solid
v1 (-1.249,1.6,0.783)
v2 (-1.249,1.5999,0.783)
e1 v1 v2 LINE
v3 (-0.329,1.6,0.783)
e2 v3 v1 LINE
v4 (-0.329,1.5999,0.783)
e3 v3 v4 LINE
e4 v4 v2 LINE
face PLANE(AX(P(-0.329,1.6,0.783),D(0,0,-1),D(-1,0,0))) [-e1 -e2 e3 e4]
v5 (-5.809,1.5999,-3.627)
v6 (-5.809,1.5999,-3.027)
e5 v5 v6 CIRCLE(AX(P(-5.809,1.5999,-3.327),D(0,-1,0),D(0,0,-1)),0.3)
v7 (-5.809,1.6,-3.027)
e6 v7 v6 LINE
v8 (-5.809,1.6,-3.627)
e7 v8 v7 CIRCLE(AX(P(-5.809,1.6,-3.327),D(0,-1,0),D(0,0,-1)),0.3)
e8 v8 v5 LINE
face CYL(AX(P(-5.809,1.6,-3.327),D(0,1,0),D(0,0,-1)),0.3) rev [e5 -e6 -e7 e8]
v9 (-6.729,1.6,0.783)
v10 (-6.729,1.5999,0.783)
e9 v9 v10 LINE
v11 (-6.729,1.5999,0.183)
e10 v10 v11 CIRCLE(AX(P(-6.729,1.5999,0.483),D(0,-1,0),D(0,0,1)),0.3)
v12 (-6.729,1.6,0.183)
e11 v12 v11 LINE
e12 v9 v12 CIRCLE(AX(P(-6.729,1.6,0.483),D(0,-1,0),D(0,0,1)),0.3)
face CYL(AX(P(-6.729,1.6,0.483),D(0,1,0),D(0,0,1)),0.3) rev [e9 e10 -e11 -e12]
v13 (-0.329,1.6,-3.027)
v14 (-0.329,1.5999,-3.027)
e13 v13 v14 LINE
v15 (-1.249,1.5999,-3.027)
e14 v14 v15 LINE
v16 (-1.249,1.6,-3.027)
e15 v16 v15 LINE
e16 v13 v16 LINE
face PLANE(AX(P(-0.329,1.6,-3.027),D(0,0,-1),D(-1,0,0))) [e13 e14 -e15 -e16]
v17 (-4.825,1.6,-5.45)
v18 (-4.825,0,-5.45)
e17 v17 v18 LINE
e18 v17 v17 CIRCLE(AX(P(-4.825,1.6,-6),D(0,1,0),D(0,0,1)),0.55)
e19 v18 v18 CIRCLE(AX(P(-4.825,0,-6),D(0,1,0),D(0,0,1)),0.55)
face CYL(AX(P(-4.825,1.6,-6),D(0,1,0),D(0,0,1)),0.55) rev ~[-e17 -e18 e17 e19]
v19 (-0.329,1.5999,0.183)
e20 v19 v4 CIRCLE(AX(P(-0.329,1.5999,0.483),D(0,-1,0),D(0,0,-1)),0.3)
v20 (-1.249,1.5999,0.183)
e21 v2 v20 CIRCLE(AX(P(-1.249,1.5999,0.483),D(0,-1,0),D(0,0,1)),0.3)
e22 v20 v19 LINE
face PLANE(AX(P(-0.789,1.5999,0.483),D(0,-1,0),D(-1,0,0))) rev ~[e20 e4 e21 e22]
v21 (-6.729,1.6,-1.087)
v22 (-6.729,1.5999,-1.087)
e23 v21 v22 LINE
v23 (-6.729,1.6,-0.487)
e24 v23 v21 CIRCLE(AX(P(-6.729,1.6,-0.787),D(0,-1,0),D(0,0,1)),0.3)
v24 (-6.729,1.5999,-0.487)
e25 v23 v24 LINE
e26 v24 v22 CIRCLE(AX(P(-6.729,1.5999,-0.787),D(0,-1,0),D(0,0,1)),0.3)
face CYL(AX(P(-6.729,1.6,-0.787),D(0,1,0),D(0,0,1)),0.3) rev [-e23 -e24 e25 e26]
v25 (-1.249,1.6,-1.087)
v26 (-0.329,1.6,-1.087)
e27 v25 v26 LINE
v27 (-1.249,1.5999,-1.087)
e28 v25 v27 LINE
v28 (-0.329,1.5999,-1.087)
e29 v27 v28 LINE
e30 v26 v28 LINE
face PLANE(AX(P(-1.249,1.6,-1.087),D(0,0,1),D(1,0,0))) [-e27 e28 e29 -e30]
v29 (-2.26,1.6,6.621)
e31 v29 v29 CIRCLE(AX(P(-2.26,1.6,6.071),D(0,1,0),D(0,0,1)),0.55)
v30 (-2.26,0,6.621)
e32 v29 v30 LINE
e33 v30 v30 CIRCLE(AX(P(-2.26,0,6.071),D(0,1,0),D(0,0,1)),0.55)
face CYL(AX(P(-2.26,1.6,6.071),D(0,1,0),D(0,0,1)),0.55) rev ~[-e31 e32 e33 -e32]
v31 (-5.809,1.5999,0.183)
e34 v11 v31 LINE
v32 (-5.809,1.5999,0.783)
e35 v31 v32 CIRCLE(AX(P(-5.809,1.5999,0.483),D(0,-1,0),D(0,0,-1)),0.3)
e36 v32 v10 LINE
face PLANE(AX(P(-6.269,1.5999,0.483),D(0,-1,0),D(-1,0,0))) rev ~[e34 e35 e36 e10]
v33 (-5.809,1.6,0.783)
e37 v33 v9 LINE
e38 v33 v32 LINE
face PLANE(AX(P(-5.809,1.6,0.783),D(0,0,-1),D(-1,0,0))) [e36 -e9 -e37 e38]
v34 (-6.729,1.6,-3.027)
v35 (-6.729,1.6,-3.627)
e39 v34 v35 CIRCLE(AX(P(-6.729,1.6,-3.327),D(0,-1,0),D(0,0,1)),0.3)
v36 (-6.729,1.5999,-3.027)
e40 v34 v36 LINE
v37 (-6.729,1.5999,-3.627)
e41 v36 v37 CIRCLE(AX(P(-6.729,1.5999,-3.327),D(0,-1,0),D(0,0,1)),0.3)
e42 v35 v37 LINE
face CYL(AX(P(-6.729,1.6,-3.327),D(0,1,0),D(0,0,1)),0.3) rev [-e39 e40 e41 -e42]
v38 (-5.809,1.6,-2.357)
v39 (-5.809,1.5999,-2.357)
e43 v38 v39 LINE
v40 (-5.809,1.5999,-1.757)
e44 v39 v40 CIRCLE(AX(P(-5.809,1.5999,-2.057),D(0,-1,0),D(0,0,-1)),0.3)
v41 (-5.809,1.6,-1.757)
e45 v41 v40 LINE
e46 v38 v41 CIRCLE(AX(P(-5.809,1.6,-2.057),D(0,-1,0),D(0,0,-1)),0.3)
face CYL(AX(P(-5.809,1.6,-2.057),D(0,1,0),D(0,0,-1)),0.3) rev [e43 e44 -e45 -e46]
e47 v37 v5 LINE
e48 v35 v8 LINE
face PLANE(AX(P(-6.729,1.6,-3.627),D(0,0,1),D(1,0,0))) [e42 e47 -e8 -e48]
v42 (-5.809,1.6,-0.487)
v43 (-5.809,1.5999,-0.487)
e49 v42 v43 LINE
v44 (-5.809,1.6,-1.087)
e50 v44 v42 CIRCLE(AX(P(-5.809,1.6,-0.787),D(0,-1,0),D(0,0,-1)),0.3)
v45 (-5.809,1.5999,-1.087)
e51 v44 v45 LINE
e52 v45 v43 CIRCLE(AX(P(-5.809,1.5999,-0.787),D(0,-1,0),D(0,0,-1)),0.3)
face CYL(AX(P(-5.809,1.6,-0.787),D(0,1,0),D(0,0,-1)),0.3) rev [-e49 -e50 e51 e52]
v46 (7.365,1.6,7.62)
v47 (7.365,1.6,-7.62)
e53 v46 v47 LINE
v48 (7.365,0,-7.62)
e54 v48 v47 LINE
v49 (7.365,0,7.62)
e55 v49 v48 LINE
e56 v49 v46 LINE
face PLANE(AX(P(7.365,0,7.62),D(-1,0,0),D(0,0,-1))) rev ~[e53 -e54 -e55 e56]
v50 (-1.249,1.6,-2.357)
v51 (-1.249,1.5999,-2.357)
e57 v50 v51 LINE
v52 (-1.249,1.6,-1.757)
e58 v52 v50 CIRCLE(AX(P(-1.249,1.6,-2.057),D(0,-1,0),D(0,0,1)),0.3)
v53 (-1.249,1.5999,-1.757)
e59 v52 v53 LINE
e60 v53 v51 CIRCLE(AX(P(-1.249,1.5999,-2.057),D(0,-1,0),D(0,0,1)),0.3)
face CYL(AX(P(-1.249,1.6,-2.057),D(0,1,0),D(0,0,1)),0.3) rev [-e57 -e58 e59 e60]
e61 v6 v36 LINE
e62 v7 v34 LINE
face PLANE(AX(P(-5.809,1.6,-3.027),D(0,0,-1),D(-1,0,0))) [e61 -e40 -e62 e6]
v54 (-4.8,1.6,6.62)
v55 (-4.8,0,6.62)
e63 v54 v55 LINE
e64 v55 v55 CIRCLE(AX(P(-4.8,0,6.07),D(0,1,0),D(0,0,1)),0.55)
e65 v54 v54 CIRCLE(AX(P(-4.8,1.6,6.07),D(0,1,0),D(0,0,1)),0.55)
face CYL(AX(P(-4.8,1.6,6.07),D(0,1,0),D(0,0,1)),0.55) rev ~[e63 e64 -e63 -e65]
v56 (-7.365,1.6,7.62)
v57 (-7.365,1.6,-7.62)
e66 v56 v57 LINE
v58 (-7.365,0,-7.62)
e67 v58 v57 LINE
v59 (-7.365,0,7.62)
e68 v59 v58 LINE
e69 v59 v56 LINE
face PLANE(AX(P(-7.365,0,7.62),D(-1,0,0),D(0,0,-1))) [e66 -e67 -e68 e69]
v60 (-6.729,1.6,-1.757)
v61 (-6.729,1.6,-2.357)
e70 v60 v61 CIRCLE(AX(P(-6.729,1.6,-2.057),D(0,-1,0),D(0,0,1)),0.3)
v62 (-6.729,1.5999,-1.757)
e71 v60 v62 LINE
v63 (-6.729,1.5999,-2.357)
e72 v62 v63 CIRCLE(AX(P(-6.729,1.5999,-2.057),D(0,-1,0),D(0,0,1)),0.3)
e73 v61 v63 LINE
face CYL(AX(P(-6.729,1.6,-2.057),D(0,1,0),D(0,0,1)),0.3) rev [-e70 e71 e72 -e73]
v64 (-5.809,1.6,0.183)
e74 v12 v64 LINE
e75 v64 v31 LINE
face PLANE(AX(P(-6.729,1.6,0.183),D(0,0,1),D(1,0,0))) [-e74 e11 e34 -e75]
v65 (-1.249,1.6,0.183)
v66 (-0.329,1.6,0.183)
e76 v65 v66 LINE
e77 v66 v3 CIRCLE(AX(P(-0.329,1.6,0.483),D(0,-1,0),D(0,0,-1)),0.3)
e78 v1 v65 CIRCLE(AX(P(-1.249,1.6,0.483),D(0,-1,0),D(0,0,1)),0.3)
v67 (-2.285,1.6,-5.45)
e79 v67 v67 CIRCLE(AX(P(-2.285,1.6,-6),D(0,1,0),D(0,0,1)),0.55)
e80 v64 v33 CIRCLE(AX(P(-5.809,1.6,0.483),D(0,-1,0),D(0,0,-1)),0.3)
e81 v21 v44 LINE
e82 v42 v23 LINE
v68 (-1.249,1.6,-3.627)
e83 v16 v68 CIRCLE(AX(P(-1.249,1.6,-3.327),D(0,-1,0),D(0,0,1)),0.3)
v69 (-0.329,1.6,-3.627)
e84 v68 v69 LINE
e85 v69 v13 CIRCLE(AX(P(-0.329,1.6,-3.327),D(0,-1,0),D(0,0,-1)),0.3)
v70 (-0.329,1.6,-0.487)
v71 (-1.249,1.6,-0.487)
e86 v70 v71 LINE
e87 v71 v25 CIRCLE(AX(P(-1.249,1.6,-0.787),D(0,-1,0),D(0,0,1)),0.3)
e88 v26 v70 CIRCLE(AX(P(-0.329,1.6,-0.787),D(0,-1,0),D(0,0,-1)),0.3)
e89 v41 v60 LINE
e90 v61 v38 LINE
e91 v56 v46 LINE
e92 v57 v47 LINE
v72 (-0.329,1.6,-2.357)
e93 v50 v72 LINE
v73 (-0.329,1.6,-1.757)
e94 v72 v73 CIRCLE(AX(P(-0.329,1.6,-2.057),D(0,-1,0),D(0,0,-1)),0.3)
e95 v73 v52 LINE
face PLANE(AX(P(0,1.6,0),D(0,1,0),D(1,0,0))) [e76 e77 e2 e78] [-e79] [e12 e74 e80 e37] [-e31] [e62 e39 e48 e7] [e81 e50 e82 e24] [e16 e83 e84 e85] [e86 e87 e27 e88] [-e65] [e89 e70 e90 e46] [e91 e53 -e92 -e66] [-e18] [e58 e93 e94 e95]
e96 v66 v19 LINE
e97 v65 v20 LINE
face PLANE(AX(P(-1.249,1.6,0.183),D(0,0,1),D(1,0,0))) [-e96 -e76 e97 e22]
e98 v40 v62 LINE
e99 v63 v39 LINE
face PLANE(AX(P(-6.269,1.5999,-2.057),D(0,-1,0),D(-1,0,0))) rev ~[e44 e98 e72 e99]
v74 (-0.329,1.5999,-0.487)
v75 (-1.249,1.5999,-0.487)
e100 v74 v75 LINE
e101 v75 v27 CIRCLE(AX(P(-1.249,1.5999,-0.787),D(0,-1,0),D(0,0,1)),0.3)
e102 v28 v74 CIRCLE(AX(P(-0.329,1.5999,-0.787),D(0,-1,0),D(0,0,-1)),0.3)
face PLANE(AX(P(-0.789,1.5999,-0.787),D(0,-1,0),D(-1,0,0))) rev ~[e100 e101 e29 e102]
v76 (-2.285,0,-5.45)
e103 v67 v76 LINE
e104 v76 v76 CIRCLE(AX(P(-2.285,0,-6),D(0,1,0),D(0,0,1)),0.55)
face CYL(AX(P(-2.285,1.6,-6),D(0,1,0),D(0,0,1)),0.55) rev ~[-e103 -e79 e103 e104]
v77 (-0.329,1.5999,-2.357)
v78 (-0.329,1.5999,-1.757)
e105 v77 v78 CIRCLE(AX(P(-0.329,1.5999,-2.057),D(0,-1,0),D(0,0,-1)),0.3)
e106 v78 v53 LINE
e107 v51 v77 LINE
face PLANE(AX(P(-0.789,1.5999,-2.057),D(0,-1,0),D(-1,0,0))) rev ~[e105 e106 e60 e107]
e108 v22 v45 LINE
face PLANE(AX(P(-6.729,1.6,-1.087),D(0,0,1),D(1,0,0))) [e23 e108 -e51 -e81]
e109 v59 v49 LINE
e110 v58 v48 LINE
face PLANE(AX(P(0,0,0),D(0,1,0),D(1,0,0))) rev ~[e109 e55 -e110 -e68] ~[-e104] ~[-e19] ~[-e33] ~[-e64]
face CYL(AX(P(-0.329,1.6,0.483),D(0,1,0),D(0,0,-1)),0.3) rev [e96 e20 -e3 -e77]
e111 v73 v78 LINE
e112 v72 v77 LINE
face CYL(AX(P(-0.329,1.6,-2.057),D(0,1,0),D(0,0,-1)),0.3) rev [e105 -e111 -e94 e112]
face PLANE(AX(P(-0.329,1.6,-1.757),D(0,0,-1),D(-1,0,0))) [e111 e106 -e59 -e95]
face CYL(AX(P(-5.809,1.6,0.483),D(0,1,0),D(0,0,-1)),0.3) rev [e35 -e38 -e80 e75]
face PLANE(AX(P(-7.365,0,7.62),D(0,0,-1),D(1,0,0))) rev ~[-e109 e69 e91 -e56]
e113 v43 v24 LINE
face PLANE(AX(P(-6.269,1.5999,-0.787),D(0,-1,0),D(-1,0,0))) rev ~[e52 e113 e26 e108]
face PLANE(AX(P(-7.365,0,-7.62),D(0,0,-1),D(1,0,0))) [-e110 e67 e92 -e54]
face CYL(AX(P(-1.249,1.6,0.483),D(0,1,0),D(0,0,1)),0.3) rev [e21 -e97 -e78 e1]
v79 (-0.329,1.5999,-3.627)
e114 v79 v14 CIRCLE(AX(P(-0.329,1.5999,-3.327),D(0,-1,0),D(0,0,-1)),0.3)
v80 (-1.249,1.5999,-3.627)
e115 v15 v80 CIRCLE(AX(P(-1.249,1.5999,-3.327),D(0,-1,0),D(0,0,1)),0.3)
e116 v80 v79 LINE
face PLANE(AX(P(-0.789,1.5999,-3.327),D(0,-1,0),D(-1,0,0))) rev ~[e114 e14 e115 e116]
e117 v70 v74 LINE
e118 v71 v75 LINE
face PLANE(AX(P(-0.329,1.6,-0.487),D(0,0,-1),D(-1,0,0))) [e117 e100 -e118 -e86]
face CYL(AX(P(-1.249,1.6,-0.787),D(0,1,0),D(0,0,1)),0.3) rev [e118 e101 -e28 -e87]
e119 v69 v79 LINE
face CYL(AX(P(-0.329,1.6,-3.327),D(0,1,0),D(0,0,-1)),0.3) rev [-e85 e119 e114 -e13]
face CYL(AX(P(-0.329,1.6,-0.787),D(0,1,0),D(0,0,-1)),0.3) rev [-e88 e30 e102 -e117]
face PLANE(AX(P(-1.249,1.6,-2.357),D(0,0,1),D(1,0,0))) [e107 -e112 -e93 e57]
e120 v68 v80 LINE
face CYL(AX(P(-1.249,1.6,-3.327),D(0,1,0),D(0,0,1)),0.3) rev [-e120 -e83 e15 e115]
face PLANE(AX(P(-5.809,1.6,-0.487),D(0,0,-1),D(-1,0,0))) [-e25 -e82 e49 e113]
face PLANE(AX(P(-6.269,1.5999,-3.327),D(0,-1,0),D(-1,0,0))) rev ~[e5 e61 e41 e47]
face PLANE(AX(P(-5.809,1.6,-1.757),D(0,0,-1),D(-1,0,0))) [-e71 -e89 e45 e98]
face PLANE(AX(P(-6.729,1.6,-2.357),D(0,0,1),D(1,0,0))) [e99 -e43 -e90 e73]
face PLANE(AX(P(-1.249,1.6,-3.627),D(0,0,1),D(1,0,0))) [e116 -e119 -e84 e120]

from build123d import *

# Parameters (mm, degrees)
SKETCH_1_W          = 14.73
SKETCH_1_H          = 15.24
EXTRUDE_1_DEPTH     = 1.6
SKETCH_2_R          = 0.55
CUT_EXTRUDE_1_DEPTH = 11.717631501
CUT_EXTRUDE_2_DEPTH = 0.0001


with BuildPart() as part:
    # Эскиз1 → Бобышка-Вытянуть1 (new body)
    with BuildSketch(Plane(origin=(0, 0, 0), x_dir=(1, 0, 0), z_dir=(0, 1, 0))):
        Rectangle(SKETCH_1_W, SKETCH_1_H)
    extrude(amount=EXTRUDE_1_DEPTH)

    # Эскиз2 → Вырез-Вытянуть1 (cut, through all)
    with BuildSketch(Plane(origin=(0, 1.6, 0), x_dir=(1, 0, 0), z_dir=(0, 1, 0))):
        with Locations(Location((-4.825, 6, 0), (0, 0, 270))):
            Circle(SKETCH_2_R)
        with Locations(Location((-2.285, 6, 0), (0, 0, 270))):
            Circle(SKETCH_2_R)
        with Locations(Location((-4.8, -6.07, 0), (0, 0, 270))):
            Circle(SKETCH_2_R)
        with Locations(Location((-2.260000197, -6.071, 0), (0, 0, 270))):
            Circle(SKETCH_2_R)
    extrude(amount=-CUT_EXTRUDE_1_DEPTH, mode=Mode.SUBTRACT)

    # Эскиз3 → Вырез-Вытянуть2 (cut)
    with BuildSketch(Plane(origin=(0, 1.6, 0), x_dir=(1, 0, 0), z_dir=(0, 1, 0))):
        with BuildLine():
            Line((-6.729, 3.627), (-5.809, 3.627))
            ThreePointArc((-5.809, 3.627), (-5.509, 3.327), (-5.809, 3.027))
            Line((-5.809, 3.027), (-6.729, 3.027))
            ThreePointArc((-6.729, 3.027), (-7.029, 3.327), (-6.729, 3.627))
        make_face()
        with BuildLine():
            Line((-6.729, 2.357), (-5.809, 2.357))
            ThreePointArc((-5.809, 2.357), (-5.509, 2.057), (-5.809, 1.757))
            Line((-5.809, 1.757), (-6.729, 1.757))
            ThreePointArc((-6.729, 1.757), (-7.029, 2.057), (-6.729, 2.357))
        make_face()
        with BuildLine():
            Line((-6.729, 1.087), (-5.809, 1.087))
            ThreePointArc((-5.809, 1.087), (-5.509, 0.787), (-5.809, 0.487))
            Line((-5.809, 0.487), (-6.729, 0.487))
            ThreePointArc((-6.729, 0.487), (-7.029, 0.787), (-6.729, 1.087))
        make_face()
        with BuildLine():
            Line((-6.729, -0.183), (-5.809, -0.183))
            ThreePointArc((-5.809, -0.183), (-5.509, -0.483), (-5.809, -0.783))
            Line((-5.809, -0.783), (-6.729, -0.783))
            ThreePointArc((-6.729, -0.783), (-7.029, -0.483), (-6.729, -0.183))
        make_face()
        with BuildLine():
            Line((-1.249, 2.357), (-0.329, 2.357))
            ThreePointArc((-0.329, 2.357), (-0.029, 2.057), (-0.329, 1.757))
            Line((-0.329, 1.757), (-1.249, 1.757))
            ThreePointArc((-1.249, 1.757), (-1.549, 2.057), (-1.249, 2.357))
        make_face()
        with BuildLine():
            Line((-1.249, 1.087), (-0.329, 1.087))
            ThreePointArc((-0.329, 1.087), (-0.029, 0.787), (-0.329, 0.487))
            Line((-0.329, 0.487), (-1.249, 0.487))
            ThreePointArc((-1.249, 0.487), (-1.549, 0.787), (-1.249, 1.087))
        make_face()
        with BuildLine():
            Line((-1.249, -0.183), (-0.329, -0.183))
            ThreePointArc((-0.329, -0.183), (-0.029, -0.483), (-0.329, -0.783))
            Line((-0.329, -0.783), (-1.249, -0.783))
            ThreePointArc((-1.249, -0.783), (-1.549, -0.483), (-1.249, -0.183))
        make_face()
        with BuildLine():
            Line((-1.249, 3.627), (-0.329, 3.627))
            ThreePointArc((-0.329, 3.627), (-0.029, 3.327), (-0.329, 3.027))
            Line((-0.329, 3.027), (-1.249, 3.027))
            ThreePointArc((-1.249, 3.027), (-1.549, 3.327), (-1.249, 3.627))
        make_face()
    extrude(amount=-CUT_EXTRUDE_2_DEPTH, mode=Mode.SUBTRACT)


solid = part.part
